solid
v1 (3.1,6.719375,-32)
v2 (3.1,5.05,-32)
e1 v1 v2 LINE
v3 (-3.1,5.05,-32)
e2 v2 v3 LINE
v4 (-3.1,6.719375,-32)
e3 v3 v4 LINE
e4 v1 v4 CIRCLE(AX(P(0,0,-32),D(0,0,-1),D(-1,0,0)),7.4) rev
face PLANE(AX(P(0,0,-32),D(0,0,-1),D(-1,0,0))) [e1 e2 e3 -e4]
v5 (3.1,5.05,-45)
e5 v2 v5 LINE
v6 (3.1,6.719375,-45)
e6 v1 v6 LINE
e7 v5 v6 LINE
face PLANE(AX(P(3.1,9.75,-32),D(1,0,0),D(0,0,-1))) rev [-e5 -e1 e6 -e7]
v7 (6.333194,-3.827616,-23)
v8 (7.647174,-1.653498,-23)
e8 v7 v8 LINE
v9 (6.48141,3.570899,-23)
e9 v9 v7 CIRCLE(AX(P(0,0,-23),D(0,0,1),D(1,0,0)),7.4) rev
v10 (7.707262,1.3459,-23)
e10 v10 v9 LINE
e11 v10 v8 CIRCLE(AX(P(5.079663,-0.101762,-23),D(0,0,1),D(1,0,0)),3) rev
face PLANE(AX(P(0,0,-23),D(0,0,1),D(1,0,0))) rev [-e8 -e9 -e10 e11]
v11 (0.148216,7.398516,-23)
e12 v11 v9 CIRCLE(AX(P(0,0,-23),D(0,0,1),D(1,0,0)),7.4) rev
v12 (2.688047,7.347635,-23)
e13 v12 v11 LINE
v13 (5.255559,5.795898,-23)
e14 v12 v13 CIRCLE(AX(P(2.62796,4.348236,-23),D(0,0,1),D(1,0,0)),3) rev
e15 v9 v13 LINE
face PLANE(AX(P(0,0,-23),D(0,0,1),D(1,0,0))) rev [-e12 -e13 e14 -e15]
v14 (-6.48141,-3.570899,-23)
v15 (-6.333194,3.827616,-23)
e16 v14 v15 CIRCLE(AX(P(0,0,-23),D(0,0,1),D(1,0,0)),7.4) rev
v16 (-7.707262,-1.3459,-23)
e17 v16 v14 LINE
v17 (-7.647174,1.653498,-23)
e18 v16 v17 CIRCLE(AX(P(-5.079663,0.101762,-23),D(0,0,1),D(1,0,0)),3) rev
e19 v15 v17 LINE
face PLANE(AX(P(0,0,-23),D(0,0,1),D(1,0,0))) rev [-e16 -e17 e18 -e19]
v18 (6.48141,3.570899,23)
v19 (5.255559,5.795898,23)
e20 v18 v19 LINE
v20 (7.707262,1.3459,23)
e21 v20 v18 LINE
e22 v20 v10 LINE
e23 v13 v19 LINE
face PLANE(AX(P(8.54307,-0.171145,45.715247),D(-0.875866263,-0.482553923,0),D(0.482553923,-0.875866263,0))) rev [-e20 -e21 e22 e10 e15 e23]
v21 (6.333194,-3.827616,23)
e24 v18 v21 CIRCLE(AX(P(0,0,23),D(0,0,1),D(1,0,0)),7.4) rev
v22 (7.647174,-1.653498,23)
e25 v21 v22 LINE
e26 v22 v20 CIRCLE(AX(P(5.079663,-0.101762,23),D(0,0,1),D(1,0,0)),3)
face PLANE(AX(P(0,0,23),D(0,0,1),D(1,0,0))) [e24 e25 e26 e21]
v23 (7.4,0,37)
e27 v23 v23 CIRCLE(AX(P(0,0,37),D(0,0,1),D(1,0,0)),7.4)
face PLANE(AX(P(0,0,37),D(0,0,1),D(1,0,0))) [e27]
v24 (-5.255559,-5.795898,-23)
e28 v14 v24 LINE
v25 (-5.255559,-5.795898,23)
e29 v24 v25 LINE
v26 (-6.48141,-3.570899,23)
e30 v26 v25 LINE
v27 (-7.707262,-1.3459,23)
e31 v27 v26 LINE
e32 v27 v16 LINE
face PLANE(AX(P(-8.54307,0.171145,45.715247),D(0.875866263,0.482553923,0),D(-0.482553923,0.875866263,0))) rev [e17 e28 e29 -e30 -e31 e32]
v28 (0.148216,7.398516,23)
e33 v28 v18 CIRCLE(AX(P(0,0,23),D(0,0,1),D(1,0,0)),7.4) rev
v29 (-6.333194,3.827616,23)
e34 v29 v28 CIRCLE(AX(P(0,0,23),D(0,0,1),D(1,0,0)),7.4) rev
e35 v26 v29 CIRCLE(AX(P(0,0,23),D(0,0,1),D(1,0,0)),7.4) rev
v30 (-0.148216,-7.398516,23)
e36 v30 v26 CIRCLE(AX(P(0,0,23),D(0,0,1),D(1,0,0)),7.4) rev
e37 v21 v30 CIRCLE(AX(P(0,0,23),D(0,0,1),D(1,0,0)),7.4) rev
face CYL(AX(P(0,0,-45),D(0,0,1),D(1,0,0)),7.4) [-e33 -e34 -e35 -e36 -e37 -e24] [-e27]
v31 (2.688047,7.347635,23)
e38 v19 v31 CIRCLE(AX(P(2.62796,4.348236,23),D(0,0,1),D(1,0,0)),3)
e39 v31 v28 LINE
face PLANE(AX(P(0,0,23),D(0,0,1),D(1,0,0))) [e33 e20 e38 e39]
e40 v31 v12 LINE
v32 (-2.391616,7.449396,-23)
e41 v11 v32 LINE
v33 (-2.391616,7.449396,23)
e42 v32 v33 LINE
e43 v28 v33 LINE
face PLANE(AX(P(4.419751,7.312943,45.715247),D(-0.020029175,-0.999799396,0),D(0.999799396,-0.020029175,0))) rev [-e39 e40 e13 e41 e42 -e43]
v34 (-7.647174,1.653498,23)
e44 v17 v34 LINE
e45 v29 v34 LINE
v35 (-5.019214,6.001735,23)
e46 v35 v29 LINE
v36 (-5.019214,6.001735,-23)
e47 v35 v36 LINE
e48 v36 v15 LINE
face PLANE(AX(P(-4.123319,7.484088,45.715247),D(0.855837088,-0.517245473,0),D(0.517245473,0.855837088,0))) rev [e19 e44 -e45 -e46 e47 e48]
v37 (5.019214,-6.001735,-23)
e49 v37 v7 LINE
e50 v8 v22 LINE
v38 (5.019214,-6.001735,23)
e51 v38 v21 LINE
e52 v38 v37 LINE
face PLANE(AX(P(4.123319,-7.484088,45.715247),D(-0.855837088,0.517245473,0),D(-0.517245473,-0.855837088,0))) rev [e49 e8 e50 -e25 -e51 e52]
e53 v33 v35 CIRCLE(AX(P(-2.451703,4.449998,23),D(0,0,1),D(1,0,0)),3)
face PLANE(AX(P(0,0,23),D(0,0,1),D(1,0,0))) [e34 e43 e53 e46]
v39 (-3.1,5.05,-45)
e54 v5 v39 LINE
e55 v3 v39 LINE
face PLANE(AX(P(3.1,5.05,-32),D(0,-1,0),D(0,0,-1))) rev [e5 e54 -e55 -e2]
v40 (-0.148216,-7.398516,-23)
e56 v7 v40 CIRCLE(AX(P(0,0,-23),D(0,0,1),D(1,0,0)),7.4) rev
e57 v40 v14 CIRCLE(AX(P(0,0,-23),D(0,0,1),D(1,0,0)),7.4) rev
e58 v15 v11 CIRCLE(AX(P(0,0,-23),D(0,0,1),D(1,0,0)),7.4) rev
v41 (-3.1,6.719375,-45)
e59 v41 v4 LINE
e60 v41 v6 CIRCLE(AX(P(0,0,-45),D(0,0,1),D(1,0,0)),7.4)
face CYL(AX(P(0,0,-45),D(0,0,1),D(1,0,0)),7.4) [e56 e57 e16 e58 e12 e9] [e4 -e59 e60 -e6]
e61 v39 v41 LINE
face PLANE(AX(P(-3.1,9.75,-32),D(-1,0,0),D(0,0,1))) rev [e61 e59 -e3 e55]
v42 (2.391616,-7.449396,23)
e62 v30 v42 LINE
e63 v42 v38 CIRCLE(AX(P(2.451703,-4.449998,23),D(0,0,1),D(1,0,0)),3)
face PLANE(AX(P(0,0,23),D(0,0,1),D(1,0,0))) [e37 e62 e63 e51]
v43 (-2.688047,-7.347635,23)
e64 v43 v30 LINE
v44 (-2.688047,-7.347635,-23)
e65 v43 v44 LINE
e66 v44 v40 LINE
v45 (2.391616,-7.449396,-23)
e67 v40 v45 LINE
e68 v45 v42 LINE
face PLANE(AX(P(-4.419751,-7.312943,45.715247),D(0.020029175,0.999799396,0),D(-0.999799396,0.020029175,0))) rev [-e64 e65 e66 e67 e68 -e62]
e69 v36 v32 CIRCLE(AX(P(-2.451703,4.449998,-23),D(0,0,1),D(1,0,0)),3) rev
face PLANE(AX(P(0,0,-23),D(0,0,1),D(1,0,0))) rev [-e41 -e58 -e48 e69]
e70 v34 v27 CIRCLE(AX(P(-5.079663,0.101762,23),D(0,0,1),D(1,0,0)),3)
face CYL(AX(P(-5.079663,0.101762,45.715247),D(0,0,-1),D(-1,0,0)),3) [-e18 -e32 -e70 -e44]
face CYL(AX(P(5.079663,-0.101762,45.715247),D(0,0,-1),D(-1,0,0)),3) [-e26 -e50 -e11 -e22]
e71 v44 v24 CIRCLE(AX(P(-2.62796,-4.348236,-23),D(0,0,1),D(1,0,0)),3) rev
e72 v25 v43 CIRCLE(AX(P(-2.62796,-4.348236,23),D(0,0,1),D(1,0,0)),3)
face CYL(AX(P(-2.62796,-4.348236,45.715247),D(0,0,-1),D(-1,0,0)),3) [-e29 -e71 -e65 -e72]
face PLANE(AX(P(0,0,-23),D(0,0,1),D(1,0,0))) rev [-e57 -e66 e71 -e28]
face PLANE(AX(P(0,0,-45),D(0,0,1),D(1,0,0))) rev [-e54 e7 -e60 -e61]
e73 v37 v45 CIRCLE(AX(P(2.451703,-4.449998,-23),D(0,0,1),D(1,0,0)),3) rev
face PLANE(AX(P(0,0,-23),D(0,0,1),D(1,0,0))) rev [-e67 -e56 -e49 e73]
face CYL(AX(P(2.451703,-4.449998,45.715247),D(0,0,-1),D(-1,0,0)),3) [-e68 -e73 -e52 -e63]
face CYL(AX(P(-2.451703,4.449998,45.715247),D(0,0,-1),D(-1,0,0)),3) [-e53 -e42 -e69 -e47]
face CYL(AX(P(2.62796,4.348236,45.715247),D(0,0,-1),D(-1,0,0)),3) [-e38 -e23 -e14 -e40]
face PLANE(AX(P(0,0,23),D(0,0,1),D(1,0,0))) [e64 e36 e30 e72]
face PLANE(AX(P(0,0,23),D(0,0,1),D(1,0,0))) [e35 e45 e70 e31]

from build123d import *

# Parameters (mm, degrees)
BOSS_EXTRUDE1_DEPTH      = 37
BOSS_EXTRUDE1_DEPTH_BACK = 45
SKETCH1_R                = 7.4
SKETCH4_W                = 6.2
SKETCH4_H                = 4.7
CUT_EXTRUDE1_DEPTH       = 13
BOSS_EXTRUDE2_DEPTH      = 46
FILLET1_R                = 3


with BuildPart() as part:
    # Sketch1 → Boss-Extrude1 (new, two sides: drawn at the far end of the back side and taken through both)
    with BuildSketch(Plane.XY.offset(-BOSS_EXTRUDE1_DEPTH_BACK)):
        Circle(SKETCH1_R)
    extrude(amount=BOSS_EXTRUDE1_DEPTH + BOSS_EXTRUDE1_DEPTH_BACK)

    # Sketch4 → Cut-Extrude1 (cut)
    with BuildSketch(Plane(origin=(0, 0, -45), x_dir=(-1, 0, 0), z_dir=(0, 0, -1))):
        with Locations((0, 7.4)):
            Rectangle(SKETCH4_W, SKETCH4_H)
    extrude(amount=-CUT_EXTRUDE1_DEPTH, mode=Mode.SUBTRACT)

    # Sketch5 → Boss-Extrude2 (add)
    with BuildSketch(Plane.XY.offset(-23)):
        Polygon((4.419750831, 7.312943041), (-4.123319035, 7.484088019), (-8.543069866, 0.171144977), (-4.419750831, -7.312943041), (4.123319035, -7.484088019), (8.543069866, -0.171144977), align=None)
    extrude(amount=BOSS_EXTRUDE2_DEPTH)

    # Fillet1
    fillet1_edges = [part.edges().sort_by_distance(p)[0] for p in [
        (8.543069866, -0.171144977, 0),
        (4.419750831, 7.312943041, 0),
        (-4.123319035, 7.484088019, 0),
        (-8.543069866, 0.171144977, 0),
        (-4.419750831, -7.312943041, 0),
        (4.123319035, -7.484088019, 0),
    ]]
    fillet(fillet1_edges, radius=FILLET1_R)


solid = part.part
